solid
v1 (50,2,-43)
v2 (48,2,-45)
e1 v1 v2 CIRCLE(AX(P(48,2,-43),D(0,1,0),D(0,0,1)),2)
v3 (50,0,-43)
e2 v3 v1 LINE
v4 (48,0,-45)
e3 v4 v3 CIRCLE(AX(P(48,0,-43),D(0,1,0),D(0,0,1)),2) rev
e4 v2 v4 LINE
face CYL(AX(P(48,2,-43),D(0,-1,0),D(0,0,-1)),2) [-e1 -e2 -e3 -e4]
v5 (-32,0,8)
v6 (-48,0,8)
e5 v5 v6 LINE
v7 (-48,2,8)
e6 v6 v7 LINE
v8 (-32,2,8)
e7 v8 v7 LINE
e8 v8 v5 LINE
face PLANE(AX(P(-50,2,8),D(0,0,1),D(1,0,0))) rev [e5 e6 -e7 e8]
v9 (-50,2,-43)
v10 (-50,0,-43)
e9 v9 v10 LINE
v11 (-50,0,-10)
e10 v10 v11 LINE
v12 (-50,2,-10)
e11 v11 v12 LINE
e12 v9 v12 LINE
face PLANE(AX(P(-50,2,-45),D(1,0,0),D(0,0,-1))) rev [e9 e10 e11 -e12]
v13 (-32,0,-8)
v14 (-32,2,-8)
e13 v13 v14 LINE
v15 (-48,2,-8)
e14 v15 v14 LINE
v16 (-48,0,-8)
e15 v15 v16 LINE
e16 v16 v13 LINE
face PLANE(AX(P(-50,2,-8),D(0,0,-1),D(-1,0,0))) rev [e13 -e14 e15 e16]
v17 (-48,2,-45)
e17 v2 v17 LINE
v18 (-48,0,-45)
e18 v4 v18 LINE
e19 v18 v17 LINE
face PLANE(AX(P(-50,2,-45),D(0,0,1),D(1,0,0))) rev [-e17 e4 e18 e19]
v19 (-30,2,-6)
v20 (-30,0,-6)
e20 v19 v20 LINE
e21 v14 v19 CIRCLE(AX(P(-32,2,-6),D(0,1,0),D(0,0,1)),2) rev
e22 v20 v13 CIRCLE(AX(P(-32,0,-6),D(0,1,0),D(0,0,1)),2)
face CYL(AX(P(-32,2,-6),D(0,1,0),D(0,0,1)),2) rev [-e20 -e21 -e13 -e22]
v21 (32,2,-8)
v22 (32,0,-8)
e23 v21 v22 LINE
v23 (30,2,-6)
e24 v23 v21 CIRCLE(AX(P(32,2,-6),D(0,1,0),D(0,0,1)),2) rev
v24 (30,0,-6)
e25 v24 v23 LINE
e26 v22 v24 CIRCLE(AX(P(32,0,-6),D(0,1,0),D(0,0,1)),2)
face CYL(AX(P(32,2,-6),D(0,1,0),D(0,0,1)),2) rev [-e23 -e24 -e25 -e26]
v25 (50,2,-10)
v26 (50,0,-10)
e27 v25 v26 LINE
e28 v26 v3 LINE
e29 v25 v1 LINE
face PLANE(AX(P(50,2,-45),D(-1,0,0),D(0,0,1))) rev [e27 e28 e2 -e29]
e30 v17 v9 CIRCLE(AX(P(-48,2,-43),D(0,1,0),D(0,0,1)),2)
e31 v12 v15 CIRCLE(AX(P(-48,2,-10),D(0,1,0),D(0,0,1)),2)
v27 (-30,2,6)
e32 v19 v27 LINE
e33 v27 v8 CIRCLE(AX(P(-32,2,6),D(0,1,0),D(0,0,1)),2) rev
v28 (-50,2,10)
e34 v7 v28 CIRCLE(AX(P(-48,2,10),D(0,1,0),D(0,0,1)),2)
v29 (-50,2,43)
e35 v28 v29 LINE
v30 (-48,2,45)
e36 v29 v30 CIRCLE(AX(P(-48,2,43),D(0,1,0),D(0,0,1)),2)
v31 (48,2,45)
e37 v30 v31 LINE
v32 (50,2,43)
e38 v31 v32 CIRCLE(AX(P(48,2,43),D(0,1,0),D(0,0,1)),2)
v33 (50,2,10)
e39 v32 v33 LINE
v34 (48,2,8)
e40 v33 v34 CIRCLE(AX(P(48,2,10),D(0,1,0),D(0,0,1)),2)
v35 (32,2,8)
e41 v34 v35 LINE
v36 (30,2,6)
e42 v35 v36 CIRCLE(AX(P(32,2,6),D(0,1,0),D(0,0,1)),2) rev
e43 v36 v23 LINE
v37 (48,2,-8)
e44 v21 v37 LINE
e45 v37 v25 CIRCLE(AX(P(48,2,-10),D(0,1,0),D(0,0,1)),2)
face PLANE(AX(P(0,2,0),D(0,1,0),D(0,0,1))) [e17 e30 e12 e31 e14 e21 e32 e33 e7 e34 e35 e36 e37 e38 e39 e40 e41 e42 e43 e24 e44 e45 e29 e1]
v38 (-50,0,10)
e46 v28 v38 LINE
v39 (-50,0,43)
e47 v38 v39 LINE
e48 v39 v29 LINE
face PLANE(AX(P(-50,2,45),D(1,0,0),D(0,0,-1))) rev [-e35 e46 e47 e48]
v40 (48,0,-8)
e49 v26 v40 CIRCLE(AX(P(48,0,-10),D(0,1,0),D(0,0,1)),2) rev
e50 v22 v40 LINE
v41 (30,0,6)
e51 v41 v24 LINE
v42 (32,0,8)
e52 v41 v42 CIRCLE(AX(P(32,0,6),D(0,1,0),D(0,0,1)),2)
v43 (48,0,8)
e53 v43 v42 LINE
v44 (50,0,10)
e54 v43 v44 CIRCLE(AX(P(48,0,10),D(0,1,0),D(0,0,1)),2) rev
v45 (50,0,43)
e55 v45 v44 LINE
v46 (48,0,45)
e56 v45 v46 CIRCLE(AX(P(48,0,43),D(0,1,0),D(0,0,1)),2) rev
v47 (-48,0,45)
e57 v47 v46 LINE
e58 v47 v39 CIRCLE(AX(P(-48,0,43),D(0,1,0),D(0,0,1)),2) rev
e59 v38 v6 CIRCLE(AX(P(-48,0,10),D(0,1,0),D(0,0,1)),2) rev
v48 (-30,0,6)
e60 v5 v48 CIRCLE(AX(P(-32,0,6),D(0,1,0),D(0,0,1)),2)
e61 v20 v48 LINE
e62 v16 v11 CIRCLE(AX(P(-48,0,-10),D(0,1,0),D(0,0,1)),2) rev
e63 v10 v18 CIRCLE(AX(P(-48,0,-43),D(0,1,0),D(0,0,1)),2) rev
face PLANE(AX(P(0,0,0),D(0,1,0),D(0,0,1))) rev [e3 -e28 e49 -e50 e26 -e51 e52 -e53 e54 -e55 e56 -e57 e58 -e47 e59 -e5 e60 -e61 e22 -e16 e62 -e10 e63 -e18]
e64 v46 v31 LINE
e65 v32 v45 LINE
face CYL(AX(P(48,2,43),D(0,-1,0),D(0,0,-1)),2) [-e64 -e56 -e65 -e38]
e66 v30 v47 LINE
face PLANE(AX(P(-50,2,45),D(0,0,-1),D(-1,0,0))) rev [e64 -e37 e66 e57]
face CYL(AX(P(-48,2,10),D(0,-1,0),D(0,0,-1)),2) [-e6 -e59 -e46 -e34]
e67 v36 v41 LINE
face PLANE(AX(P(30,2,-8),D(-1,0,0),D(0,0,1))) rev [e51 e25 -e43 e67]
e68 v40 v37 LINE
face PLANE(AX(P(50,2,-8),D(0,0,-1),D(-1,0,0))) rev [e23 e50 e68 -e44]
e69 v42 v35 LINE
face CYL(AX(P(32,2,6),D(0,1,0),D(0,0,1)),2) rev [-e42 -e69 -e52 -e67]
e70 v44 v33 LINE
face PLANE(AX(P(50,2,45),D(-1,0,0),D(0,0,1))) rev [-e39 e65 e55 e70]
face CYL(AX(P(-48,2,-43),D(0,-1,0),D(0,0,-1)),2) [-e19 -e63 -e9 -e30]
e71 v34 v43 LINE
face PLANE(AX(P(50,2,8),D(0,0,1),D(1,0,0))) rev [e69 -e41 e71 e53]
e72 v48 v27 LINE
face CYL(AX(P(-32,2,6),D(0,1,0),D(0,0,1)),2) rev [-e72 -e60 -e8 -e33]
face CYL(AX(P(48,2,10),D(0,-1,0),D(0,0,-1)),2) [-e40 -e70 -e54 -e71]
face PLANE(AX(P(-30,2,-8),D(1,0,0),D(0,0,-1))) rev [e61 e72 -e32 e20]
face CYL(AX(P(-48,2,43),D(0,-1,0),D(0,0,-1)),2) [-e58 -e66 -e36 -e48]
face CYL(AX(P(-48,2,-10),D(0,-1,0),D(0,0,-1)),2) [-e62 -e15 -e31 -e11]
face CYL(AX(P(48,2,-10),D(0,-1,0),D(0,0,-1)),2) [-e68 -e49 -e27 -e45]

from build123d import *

# Parameters (mm, degrees)
BOSS_EXTRUDE1_DEPTH = 2
FILLET1_R           = 2


with BuildPart() as part:
    # Sketch2 → Boss-Extrude1 (new body)
    with BuildSketch(Plane(origin=(0, 0, 0), x_dir=(1, 0, 0), z_dir=(0, 1, 0))):
        Polygon((-50, 45), (50, 45), (50, 8), (30, 8), (30, -8), (50, -8), (50, -45), (-50, -45), (-50, -8), (-30, -8), (-30, 8), (-50, 8), align=None)
    extrude(amount=BOSS_EXTRUDE1_DEPTH)

    # Fillet1
    fillet1_edges = [part.edges().sort_by_distance(p)[0] for p in [
        (-50, 1, -45),
        (50, 1, -45),
        (50, 1, -8),
        (30, 1, -8),
        (30, 1, 8),
        (50, 1, 8),
        (50, 1, 45),
        (-50, 1, 45),
        (-50, 1, 8),
        (-30, 1, 8),
        (-30, 1, -8),
        (-50, 1, -8),
    ]]
    fillet(fillet1_edges, radius=FILLET1_R)


solid = part.part
